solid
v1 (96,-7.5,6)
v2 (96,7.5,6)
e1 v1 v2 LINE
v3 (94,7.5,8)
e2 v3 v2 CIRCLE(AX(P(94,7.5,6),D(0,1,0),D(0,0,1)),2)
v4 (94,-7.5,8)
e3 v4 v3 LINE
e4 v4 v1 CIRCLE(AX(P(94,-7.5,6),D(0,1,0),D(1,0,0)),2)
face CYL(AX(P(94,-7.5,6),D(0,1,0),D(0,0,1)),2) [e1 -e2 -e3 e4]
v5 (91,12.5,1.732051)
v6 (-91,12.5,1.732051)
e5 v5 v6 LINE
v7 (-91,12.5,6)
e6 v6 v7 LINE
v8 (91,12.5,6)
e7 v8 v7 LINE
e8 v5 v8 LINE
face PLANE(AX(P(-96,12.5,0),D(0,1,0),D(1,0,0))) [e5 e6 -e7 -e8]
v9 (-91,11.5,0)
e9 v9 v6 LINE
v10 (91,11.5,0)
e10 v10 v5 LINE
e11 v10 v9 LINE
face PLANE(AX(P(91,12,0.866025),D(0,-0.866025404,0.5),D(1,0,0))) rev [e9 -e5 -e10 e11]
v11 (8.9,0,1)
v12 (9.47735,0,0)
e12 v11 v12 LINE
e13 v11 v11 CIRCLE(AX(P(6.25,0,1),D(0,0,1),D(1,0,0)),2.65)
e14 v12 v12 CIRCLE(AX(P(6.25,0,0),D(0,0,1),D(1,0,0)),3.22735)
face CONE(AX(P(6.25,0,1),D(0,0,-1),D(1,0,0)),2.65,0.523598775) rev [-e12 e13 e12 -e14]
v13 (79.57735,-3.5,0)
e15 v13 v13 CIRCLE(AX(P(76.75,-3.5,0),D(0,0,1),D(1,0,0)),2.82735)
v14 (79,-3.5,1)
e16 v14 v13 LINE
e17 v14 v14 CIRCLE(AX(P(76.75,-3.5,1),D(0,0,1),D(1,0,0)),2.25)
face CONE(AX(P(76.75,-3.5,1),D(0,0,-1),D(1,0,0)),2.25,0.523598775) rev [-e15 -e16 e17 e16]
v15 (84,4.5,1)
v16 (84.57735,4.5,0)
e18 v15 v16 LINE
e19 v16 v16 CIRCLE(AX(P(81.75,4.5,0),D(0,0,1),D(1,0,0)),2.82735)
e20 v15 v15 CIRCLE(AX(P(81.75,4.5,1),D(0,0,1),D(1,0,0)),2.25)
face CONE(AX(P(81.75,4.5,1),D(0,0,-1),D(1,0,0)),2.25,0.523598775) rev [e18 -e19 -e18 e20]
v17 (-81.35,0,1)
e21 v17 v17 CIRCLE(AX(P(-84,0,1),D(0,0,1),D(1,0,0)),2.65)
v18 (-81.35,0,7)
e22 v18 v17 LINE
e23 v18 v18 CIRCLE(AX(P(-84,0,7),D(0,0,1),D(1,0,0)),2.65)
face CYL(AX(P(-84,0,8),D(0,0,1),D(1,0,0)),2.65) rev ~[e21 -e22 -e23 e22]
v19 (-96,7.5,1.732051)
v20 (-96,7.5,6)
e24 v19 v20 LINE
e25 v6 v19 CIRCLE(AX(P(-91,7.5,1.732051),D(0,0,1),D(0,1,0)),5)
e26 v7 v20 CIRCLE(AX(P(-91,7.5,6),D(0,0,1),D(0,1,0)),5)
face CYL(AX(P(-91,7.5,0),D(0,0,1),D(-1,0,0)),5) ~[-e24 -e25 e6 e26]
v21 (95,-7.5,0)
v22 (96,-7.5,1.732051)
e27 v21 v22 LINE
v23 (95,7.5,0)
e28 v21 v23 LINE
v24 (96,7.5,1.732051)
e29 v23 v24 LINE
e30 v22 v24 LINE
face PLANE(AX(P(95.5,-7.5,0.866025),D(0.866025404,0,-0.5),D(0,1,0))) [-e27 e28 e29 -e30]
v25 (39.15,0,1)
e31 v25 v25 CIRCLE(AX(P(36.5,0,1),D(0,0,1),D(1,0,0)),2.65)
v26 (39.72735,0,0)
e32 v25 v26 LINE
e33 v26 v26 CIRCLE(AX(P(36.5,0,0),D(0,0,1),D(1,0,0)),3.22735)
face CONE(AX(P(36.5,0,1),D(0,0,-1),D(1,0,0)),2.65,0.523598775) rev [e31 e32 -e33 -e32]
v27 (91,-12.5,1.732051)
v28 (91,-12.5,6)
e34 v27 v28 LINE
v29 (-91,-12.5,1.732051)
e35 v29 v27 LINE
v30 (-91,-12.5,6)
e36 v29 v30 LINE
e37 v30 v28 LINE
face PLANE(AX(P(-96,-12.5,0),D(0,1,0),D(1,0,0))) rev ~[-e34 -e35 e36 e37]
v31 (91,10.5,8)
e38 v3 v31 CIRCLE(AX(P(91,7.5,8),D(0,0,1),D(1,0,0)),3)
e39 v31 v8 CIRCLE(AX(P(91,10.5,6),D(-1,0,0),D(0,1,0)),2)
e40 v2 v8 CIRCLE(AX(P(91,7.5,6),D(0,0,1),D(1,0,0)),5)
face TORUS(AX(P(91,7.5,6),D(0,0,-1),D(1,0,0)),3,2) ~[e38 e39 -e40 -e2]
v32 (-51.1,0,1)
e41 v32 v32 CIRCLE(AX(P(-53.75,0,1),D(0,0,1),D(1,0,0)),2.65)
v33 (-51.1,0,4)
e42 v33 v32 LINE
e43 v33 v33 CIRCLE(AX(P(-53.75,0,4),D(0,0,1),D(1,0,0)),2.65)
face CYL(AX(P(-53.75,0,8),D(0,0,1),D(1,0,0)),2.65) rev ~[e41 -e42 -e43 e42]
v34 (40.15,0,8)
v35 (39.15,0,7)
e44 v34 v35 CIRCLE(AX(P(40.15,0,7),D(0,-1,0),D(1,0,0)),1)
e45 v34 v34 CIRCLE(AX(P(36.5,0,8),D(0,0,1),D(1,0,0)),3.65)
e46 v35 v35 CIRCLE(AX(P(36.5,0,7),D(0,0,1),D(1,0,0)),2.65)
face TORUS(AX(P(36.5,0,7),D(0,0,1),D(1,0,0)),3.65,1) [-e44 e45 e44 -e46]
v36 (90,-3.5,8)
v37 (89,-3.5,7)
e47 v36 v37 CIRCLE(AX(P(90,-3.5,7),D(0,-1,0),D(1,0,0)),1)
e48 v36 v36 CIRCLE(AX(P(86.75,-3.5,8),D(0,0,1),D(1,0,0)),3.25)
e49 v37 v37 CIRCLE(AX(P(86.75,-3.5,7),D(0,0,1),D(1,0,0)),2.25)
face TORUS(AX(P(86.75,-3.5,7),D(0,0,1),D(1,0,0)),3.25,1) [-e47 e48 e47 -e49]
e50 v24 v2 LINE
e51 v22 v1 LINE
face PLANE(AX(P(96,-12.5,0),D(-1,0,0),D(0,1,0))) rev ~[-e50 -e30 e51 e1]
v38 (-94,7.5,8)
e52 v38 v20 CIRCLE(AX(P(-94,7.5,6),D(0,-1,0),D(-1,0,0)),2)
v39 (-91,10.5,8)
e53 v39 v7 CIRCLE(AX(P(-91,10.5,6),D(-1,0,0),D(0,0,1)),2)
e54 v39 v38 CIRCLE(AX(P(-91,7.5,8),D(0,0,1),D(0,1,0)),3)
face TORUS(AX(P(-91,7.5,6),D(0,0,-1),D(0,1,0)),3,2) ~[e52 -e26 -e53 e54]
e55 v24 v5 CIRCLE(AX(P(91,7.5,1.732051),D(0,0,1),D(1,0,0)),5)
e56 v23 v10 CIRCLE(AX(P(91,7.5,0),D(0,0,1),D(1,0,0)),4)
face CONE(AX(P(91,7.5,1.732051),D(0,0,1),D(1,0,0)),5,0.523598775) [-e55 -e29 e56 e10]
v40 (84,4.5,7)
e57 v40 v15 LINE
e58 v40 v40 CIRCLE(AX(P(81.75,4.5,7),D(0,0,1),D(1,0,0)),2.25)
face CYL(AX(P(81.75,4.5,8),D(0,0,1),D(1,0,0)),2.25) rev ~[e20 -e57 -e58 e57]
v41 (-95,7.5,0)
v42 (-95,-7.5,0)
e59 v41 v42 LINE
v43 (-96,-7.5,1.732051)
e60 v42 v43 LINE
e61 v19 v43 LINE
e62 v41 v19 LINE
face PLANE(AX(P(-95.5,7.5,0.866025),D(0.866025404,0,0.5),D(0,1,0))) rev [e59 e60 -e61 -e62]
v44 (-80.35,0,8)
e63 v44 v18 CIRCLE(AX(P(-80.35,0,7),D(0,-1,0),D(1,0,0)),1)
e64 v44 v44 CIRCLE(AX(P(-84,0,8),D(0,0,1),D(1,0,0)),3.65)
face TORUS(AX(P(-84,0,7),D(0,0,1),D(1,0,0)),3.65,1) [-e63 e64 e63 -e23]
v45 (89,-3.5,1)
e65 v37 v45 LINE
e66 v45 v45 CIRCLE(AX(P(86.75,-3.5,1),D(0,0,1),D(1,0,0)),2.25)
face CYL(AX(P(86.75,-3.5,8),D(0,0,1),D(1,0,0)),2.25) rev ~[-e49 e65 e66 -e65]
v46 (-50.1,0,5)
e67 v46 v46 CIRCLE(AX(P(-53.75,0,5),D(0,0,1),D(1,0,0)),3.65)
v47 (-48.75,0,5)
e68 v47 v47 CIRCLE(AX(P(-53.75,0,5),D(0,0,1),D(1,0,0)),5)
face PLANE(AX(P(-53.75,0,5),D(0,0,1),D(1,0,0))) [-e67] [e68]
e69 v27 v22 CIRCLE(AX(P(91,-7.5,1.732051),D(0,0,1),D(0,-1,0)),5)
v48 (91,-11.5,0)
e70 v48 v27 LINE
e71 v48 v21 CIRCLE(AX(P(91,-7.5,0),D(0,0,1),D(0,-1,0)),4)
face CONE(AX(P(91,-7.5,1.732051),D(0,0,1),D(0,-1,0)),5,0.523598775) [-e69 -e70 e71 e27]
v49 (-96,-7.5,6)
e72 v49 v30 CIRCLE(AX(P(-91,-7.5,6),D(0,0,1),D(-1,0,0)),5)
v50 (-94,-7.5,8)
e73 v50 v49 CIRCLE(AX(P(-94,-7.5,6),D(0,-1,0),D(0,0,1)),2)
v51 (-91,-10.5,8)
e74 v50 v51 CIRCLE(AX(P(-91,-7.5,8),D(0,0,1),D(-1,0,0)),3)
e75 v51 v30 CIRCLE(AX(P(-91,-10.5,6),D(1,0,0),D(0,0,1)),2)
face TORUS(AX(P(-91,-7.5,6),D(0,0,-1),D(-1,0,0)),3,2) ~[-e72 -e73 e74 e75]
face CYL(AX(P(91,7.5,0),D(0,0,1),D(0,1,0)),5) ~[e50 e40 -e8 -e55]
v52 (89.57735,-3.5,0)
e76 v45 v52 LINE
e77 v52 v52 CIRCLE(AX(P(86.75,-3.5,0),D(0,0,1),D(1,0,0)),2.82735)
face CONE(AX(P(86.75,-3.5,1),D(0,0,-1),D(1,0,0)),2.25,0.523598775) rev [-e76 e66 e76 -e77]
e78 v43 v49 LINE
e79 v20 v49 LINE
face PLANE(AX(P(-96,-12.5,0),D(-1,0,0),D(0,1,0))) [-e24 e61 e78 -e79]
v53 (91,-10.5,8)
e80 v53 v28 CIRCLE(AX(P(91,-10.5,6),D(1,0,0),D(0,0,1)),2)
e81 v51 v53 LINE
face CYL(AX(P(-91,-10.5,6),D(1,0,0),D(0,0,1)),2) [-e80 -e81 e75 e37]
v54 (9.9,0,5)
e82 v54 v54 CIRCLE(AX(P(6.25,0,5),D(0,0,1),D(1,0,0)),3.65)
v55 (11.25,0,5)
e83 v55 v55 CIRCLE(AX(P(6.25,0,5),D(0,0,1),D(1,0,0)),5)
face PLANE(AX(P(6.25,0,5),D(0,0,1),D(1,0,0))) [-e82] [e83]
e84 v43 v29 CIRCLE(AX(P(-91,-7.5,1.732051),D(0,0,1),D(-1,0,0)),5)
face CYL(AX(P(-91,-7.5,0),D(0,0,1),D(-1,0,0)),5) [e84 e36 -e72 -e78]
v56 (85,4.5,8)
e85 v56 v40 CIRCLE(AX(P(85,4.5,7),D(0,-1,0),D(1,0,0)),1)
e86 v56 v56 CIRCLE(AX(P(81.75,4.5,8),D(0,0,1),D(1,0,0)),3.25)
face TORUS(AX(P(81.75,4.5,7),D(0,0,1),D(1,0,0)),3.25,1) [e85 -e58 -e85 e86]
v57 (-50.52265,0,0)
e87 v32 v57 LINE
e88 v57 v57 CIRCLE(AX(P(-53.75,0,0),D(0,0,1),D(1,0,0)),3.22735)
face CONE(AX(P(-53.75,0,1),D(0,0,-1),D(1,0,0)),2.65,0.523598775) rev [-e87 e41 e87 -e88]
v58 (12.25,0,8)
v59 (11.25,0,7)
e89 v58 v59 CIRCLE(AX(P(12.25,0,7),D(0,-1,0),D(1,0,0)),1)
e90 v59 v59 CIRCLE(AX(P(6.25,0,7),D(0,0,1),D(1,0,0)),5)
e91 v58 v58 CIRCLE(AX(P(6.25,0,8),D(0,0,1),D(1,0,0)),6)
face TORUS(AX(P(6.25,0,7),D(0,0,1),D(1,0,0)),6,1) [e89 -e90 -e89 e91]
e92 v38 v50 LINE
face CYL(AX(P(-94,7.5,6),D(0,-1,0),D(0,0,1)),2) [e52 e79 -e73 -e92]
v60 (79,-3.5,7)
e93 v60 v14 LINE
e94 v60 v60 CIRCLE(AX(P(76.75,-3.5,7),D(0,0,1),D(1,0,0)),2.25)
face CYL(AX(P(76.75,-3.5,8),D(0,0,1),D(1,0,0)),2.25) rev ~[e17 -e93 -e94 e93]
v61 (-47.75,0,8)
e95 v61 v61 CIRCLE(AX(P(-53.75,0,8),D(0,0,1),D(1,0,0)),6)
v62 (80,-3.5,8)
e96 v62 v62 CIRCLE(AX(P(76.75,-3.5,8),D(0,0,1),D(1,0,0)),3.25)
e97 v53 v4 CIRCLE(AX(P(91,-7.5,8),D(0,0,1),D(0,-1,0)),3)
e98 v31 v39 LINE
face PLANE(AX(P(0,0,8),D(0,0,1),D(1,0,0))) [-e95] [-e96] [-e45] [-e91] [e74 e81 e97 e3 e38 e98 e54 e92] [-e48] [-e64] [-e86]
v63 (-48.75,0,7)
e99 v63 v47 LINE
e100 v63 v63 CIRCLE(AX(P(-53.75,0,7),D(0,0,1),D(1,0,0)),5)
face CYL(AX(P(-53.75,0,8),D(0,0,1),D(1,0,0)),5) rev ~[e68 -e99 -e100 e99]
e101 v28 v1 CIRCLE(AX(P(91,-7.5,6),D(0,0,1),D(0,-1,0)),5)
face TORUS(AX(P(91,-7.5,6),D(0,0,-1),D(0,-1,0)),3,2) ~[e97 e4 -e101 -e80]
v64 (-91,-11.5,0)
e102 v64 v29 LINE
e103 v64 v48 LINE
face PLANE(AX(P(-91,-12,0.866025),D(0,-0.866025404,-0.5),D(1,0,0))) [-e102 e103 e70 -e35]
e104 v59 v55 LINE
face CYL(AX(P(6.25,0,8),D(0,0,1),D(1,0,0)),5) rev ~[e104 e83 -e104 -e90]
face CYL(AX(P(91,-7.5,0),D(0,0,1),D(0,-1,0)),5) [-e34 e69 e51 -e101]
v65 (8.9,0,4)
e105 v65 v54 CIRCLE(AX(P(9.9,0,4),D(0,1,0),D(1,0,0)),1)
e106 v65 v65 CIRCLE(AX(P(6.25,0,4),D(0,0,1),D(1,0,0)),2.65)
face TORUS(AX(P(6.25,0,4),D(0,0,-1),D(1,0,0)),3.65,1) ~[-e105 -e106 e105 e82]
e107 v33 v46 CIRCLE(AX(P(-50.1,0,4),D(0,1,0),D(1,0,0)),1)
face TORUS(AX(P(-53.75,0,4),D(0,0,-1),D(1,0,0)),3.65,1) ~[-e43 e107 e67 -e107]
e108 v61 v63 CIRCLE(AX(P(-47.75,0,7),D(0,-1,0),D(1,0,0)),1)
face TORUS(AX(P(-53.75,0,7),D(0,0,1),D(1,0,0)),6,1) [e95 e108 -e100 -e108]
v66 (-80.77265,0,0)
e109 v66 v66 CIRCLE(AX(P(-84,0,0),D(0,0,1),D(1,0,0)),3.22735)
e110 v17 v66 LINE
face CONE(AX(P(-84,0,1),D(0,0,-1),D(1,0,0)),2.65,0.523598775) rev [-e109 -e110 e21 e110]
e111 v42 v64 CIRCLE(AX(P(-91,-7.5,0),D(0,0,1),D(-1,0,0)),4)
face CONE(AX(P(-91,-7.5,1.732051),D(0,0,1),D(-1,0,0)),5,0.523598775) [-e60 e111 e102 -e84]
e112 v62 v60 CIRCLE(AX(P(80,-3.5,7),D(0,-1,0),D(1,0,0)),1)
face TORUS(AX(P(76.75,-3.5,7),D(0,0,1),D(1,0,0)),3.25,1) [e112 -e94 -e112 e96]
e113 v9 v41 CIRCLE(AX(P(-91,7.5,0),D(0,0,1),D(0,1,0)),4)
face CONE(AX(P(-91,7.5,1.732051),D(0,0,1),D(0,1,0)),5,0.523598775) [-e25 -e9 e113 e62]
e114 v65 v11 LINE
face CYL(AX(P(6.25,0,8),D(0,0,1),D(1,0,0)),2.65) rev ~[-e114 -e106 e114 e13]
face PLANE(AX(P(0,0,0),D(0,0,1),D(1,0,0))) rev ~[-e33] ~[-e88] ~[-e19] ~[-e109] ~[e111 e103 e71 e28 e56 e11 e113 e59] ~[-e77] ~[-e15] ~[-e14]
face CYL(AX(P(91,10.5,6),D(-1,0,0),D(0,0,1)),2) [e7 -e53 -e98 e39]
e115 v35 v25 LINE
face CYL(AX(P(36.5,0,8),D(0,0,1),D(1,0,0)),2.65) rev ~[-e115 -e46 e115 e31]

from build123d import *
from OCP.BRepFilletAPI import BRepFilletAPI_MakeChamfer

# Parameters (mm, degrees)
SKETCH2_W           = 192
SKETCH2_H           = 25
BOSS_EXTRUDE1_DEPTH = 8
SKETCH3_R           = 2.65
SKETCH3_R_2         = 2.25
CUT_EXTRUDE1_DEPTH  = 98.140362363
SKETCH4_R           = 5
CUT_EXTRUDE2_DEPTH  = 3
FILLET1_R           = 5
FILLET2_R           = 2
FILLET3_R           = 1
CHAMFER1_SIZE       = 1
CHAMFER1_SIZE2      = 1.732050808
CHAMFER2_SIZE       = 1
CHAMFER2_SIZE2      = 0.577350269


with BuildPart() as part:
    # Sketch2 → Boss-Extrude1 (new body)
    with BuildSketch(Plane.XY):
        Rectangle(SKETCH2_W, SKETCH2_H)
    extrude(amount=BOSS_EXTRUDE1_DEPTH)

    # Sketch3 → Cut-Extrude1 (cut, through all)
    with BuildSketch(Plane.XY.offset(8)):
        with Locations((-84, 0)):
            Circle(SKETCH3_R)
        with Locations((36.5, 0)):
            Circle(SKETCH3_R)
        with Locations((76.75, -3.5)):
            Circle(SKETCH3_R_2)
        with Locations((86.75, -3.5)):
            Circle(SKETCH3_R_2)
        with Locations((81.75, 4.5)):
            Circle(SKETCH3_R_2)
        with Locations((-53.75, 0)):
            Circle(SKETCH3_R)
        with Locations((6.25, 0)):
            Circle(SKETCH3_R)
    extrude(amount=-CUT_EXTRUDE1_DEPTH, mode=Mode.SUBTRACT)

    # Sketch4 → Cut-Extrude2 (cut)
    with BuildSketch(Plane.XY.offset(8)):
        with Locations((-53.75, 0)):
            Circle(SKETCH4_R)
        with Locations((6.25, 0)):
            Circle(SKETCH4_R)
    extrude(amount=-CUT_EXTRUDE2_DEPTH, mode=Mode.SUBTRACT)

    # Fillet1
    fillet1_edges = [part.edges().sort_by_distance(p)[0] for p in [
        (96, -12.5, 4),
        (-96, -12.5, 4),
        (-96, 12.5, 4),
        (96, 12.5, 4),
    ]]
    fillet(fillet1_edges, radius=FILLET1_R)

    # Fillet2
    fillet2_edges = [part.edges().sort_by_distance(p)[0] for p in [
        (0, -12.5, 8),
        (-96, 0, 8),
        (96, 0, 8),
        (0, 12.5, 8),
        (94.535533906, 11.035533906, 8),
        (94.535533906, -11.035533906, 8),
        (-94.535533906, 11.035533906, 8),
        (-94.535533906, -11.035533906, 8),
    ]]
    fillet(fillet2_edges, radius=FILLET2_R)

    # Fillet3
    fillet3_edges = [part.edges().sort_by_distance(p)[0] for p in [
        (-86.65, 0, 8),
        (33.85, 0, 8),
        (74.5, -3.5, 8),
        (84.5, -3.5, 8),
        (79.5, 4.5, 8),
        (-58.75, 0, 8),
        (-56.4, 0, 5),
        (1.25, 0, 8),
        (3.6, 0, 5),
    ]]
    fillet(fillet3_edges, radius=FILLET3_R)

    # Chamfer1
    chamfer1_edges = [part.edges().sort_by_distance(p)[0] for p in [
        (0, -12.5, 0),
        (96, 0, 0),
        (-96, 0, 0),
        (0, 12.5, 0),
        (94.535533906, 11.035533906, 0),
        (94.535533906, -11.035533906, 0),
        (-94.535533906, 11.035533906, 0),
        (-94.535533906, -11.035533906, 0),
    ]]
    chamfer1_side = [part.faces().sort_by_distance(p)[0] for p in [
        (-0.388718908, 0.008564373, 0),
    ]]
    chamfer(chamfer1_edges, length=CHAMFER1_SIZE, length2=CHAMFER1_SIZE2, reference=chamfer1_side[0])

    # Chamfer2: one chamfer whose edges measure the first distance from different faces: ONE call of the kernel's chamfer builder (chamfer() names one face for all edges)
    chamfer2_edges_1 = [part.edges().sort_by_distance(p)[0] for p in [
        (-86.65, 0, 0),
    ]]
    chamfer2_side_1 = [part.faces().sort_by_distance(p)[0] for p in [
        (-86.65, 0, 3.5),
    ]]
    chamfer2_edges_2 = [part.edges().sort_by_distance(p)[0] for p in [
        (33.85, 0, 0),
    ]]
    chamfer2_side_2 = [part.faces().sort_by_distance(p)[0] for p in [
        (33.85, 0, 3.5),
    ]]
    chamfer2_edges_3 = [part.edges().sort_by_distance(p)[0] for p in [
        (74.5, -3.5, 0),
    ]]
    chamfer2_side_3 = [part.faces().sort_by_distance(p)[0] for p in [
        (74.5, -3.5, 3.5),
    ]]
    chamfer2_edges_4 = [part.edges().sort_by_distance(p)[0] for p in [
        (84.5, -3.5, 0),
    ]]
    chamfer2_side_4 = [part.faces().sort_by_distance(p)[0] for p in [
        (84.5, -3.5, 3.5),
    ]]
    chamfer2_edges_5 = [part.edges().sort_by_distance(p)[0] for p in [
        (79.5, 4.5, 0),
    ]]
    chamfer2_side_5 = [part.faces().sort_by_distance(p)[0] for p in [
        (79.5, 4.5, 3.5),
    ]]
    chamfer2_edges_6 = [part.edges().sort_by_distance(p)[0] for p in [
        (-56.4, 0, 0),
    ]]
    chamfer2_side_6 = [part.faces().sort_by_distance(p)[0] for p in [
        (-56.4, 0, 2),
    ]]
    chamfer2_edges_7 = [part.edges().sort_by_distance(p)[0] for p in [
        (3.6, 0, 0),
    ]]
    chamfer2_side_7 = [part.faces().sort_by_distance(p)[0] for p in [
        (3.6, 0, 2),
    ]]
    chamfer2 = BRepFilletAPI_MakeChamfer(part.part.solid().wrapped)
    for e in chamfer2_edges_1:
        chamfer2.Add(CHAMFER2_SIZE, CHAMFER2_SIZE2, e.wrapped, chamfer2_side_1[0].wrapped)  # the first distance lies on this face
    for e in chamfer2_edges_2:
        chamfer2.Add(CHAMFER2_SIZE, CHAMFER2_SIZE2, e.wrapped, chamfer2_side_2[0].wrapped)  # the first distance lies on this face
    for e in chamfer2_edges_3:
        chamfer2.Add(CHAMFER2_SIZE, CHAMFER2_SIZE2, e.wrapped, chamfer2_side_3[0].wrapped)  # the first distance lies on this face
    for e in chamfer2_edges_4:
        chamfer2.Add(CHAMFER2_SIZE, CHAMFER2_SIZE2, e.wrapped, chamfer2_side_4[0].wrapped)  # the first distance lies on this face
    for e in chamfer2_edges_5:
        chamfer2.Add(CHAMFER2_SIZE, CHAMFER2_SIZE2, e.wrapped, chamfer2_side_5[0].wrapped)  # the first distance lies on this face
    for e in chamfer2_edges_6:
        chamfer2.Add(CHAMFER2_SIZE, CHAMFER2_SIZE2, e.wrapped, chamfer2_side_6[0].wrapped)  # the first distance lies on this face
    for e in chamfer2_edges_7:
        chamfer2.Add(CHAMFER2_SIZE, CHAMFER2_SIZE2, e.wrapped, chamfer2_side_7[0].wrapped)  # the first distance lies on this face
    add(Compound.cast(chamfer2.Shape()), mode=Mode.REPLACE)


solid = part.part
